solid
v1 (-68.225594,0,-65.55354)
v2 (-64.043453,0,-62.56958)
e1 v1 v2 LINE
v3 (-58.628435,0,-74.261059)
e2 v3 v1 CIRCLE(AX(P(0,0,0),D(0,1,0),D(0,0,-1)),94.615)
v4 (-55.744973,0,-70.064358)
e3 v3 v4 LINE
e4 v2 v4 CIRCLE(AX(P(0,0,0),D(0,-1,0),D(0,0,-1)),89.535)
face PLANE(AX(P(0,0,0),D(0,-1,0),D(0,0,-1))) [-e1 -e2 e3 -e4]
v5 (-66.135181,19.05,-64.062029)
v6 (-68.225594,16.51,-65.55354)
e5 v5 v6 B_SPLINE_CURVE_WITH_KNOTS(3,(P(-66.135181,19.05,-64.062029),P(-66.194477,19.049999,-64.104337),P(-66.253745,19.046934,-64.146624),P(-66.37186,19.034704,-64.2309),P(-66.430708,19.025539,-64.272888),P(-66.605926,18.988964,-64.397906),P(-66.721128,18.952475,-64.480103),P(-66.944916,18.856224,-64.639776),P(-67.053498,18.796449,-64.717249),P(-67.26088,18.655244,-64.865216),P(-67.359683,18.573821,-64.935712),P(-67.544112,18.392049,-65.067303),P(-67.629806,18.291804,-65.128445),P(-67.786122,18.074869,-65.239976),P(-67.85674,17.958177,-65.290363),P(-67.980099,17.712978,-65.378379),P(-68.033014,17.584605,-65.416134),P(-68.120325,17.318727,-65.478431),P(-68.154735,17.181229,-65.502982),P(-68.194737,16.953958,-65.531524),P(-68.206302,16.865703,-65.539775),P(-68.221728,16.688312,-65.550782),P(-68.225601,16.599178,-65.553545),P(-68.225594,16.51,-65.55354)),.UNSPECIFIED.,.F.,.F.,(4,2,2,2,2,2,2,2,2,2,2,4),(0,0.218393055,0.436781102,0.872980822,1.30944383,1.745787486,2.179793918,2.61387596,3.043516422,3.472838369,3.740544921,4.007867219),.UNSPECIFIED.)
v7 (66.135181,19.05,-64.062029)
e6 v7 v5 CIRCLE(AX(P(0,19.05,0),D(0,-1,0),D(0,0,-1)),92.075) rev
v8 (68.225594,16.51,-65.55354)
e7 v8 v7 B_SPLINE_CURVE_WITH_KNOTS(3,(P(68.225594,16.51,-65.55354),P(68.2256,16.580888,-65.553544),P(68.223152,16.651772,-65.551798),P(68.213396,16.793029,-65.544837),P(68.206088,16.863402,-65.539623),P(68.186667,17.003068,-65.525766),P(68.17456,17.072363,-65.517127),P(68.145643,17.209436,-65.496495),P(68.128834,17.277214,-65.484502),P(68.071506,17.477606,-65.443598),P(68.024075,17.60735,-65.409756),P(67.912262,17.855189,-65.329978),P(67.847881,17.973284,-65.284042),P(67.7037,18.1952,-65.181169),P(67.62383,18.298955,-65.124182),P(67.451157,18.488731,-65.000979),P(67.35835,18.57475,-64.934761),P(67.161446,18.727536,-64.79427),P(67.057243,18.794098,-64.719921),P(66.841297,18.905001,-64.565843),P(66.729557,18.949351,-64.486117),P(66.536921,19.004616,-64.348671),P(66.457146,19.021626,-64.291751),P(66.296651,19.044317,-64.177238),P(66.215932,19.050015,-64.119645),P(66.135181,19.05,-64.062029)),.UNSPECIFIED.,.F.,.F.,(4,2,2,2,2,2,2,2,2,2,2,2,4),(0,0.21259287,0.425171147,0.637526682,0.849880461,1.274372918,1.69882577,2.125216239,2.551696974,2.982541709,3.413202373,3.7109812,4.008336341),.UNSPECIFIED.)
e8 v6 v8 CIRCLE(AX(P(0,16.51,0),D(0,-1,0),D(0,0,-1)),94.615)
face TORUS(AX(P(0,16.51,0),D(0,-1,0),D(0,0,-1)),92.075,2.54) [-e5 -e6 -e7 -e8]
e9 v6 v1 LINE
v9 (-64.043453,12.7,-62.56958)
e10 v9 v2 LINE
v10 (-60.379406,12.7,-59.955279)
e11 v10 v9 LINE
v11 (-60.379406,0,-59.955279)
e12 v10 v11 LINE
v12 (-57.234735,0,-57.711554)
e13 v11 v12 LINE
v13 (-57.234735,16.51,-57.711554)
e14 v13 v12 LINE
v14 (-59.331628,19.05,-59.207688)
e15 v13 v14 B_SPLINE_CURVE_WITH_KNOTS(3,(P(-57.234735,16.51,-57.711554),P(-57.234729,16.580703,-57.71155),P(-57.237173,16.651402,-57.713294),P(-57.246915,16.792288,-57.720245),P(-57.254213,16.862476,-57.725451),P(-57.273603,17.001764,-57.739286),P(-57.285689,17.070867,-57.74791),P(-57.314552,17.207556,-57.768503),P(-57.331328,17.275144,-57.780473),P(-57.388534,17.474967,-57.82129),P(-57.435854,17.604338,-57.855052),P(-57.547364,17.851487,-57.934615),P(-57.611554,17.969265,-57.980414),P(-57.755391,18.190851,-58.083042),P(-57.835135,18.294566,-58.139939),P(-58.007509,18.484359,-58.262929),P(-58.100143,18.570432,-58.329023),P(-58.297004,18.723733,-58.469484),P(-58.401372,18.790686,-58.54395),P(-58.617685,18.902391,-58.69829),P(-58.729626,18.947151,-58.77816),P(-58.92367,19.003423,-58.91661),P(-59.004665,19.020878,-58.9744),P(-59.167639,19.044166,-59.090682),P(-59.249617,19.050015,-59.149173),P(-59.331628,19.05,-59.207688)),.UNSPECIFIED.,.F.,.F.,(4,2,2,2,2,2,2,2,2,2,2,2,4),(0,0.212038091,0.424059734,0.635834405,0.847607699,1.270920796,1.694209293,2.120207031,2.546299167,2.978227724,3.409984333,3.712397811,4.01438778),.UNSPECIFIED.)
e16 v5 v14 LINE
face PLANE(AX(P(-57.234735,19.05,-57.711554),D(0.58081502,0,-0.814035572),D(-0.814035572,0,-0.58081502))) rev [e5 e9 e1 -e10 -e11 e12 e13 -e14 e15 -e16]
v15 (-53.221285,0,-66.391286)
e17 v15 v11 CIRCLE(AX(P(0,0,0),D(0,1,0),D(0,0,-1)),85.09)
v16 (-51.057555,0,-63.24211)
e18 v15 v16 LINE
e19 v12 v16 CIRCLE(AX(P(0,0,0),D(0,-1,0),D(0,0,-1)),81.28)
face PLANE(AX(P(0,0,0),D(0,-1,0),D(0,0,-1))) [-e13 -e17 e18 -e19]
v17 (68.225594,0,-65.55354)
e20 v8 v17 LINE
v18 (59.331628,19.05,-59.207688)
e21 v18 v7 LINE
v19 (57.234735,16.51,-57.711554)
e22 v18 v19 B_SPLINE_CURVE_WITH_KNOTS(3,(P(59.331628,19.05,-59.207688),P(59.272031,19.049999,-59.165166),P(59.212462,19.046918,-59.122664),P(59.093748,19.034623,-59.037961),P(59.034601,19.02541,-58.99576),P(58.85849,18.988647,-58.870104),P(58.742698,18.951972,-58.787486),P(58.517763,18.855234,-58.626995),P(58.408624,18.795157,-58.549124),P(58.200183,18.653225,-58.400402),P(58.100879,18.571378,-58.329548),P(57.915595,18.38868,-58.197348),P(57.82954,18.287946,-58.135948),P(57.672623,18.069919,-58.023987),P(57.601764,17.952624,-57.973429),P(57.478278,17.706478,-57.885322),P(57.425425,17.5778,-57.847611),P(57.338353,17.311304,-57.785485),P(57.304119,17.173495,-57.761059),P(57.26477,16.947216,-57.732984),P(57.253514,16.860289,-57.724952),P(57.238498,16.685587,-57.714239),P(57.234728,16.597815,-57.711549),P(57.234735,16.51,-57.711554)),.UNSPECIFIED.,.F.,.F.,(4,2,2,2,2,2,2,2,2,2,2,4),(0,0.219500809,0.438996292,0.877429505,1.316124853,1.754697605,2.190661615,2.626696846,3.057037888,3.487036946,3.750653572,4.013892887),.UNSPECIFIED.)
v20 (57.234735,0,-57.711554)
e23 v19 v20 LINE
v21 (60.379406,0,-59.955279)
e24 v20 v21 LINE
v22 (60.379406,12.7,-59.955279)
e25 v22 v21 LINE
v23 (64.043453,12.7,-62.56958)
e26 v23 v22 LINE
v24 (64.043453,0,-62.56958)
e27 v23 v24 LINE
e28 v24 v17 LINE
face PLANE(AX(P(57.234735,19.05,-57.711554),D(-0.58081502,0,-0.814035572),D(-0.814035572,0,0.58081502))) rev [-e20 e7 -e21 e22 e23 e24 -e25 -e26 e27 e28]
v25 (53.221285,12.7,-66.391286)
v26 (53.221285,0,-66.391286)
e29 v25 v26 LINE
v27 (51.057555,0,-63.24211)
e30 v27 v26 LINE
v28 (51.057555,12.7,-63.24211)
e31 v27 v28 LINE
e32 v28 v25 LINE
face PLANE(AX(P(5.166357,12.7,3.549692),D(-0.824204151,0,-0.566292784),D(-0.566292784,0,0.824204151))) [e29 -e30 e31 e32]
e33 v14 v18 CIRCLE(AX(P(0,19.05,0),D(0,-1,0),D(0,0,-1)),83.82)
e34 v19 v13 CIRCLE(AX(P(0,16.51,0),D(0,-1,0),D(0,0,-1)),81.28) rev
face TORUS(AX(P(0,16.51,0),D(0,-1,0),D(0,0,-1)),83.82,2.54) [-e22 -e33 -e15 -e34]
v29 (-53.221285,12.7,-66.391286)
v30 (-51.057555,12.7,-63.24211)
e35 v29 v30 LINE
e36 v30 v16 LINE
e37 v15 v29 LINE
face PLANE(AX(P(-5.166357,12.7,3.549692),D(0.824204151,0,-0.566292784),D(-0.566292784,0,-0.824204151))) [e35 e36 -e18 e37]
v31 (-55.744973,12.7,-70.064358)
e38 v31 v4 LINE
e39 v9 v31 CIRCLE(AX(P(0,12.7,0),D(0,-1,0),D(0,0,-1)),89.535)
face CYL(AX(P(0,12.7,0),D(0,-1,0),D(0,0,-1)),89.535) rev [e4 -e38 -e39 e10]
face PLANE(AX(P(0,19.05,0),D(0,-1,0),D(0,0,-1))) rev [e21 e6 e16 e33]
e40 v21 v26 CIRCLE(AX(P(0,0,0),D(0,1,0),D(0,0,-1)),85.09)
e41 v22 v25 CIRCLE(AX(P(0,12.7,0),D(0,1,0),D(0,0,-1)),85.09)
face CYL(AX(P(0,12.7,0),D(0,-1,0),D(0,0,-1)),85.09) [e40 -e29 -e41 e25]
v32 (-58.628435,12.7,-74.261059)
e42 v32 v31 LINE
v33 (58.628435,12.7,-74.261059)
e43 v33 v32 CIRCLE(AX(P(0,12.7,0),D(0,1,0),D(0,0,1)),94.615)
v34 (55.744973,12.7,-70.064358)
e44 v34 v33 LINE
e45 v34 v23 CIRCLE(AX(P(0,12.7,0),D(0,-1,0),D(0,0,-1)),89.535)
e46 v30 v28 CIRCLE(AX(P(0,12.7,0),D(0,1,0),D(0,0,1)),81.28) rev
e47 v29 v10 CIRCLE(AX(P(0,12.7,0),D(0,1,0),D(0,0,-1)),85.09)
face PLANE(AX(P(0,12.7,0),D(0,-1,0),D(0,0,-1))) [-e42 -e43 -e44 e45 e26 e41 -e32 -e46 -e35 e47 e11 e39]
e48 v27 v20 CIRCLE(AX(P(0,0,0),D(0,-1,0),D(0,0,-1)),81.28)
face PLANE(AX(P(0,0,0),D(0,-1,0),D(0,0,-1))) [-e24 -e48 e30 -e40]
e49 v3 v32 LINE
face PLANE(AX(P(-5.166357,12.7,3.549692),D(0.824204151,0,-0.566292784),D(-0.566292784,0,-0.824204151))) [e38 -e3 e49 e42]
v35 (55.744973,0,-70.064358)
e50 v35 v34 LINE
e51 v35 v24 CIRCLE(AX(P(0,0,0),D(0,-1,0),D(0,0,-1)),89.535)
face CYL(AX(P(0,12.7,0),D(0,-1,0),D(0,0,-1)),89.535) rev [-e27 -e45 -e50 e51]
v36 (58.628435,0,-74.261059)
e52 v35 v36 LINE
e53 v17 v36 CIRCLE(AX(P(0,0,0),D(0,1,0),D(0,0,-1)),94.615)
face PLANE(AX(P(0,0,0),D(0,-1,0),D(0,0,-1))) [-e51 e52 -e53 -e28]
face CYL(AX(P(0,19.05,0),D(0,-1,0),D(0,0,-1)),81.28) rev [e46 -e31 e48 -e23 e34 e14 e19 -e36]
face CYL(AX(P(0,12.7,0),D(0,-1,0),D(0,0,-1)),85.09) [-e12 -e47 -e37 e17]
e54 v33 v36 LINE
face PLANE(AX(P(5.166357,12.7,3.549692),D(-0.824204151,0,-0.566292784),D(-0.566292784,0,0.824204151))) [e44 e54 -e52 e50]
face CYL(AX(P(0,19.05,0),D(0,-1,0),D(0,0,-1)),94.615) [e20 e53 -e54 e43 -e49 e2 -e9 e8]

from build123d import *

# Parameters (mm, degrees)
BOSS_EXTRUDE1_DEPTH = 19.05
CUT_EXTRUDE1_DEPTH  = 12.7
FILLET1_R           = 2.54
CUT_EXTRUDE2_DEPTH  = 12.7


with BuildPart() as part:
    # Sketch1 → Boss-Extrude1 (new body)
    with BuildSketch(Plane(origin=(0, 0, 0), x_dir=(1, 0, 0), z_dir=(0, 1, 0))):
        with BuildLine():
            Line((57.234735331, 57.711554056), (68.22559355, 65.553540024))
            ThreePointArc((68.22559355, 65.553540024), (0, 94.615), (-68.22559355, 65.553540024))
            Line((-68.22559355, 65.553540024), (-57.234735331, 57.711554056))
            ThreePointArc((-57.234735331, 57.711554056), (0, 81.28), (57.234735331, 57.711554056))
        make_face()
    extrude(amount=BOSS_EXTRUDE1_DEPTH)

    # Sketch3 → Cut-Extrude1 (cut)
    with BuildSketch(Plane.XZ):
        with BuildLine():
            Line((-60.379405736, -59.955278859), (-64.043453365, -62.569579718))
            ThreePointArc((-64.043453365, -62.569579718), (0, -89.535), (64.043453365, -62.569579718))
            Line((64.043453365, -62.569579718), (60.379405736, -59.955278859))
            ThreePointArc((60.379405736, -59.955278859), (0, -85.09), (-60.379405736, -59.955278859))
        make_face()
    extrude(amount=-CUT_EXTRUDE1_DEPTH, mode=Mode.SUBTRACT)

    # Fillet1
    fillet1_edges = [part.edges().sort_by_distance(p)[0] for p in [
        (0, 19.05, -81.28),
        (0, 19.05, -94.615),
    ]]
    fillet(fillet1_edges, radius=FILLET1_R)

    # Sketch5 → Cut-Extrude2 (cut)
    with BuildSketch(Plane(origin=(0, 0, 0), x_dir=(-1, 0, 0), z_dir=(0, 1, 0))):
        with BuildLine():
            ThreePointArc((-49.614735331, -61.142175608), (0, -78.74), (49.614735331, -61.142175608))
            Line((49.614735331, -61.142175608), (58.988817486, -74.785572884))
            ThreePointArc((58.988817486, -74.785572884), (0, -95.25), (-58.988817486, -74.785572884))
            Line((-58.988817486, -74.785572884), (-49.614735331, -61.142175608))
        make_face()
    extrude(amount=CUT_EXTRUDE2_DEPTH, mode=Mode.SUBTRACT)


solid = part.part
